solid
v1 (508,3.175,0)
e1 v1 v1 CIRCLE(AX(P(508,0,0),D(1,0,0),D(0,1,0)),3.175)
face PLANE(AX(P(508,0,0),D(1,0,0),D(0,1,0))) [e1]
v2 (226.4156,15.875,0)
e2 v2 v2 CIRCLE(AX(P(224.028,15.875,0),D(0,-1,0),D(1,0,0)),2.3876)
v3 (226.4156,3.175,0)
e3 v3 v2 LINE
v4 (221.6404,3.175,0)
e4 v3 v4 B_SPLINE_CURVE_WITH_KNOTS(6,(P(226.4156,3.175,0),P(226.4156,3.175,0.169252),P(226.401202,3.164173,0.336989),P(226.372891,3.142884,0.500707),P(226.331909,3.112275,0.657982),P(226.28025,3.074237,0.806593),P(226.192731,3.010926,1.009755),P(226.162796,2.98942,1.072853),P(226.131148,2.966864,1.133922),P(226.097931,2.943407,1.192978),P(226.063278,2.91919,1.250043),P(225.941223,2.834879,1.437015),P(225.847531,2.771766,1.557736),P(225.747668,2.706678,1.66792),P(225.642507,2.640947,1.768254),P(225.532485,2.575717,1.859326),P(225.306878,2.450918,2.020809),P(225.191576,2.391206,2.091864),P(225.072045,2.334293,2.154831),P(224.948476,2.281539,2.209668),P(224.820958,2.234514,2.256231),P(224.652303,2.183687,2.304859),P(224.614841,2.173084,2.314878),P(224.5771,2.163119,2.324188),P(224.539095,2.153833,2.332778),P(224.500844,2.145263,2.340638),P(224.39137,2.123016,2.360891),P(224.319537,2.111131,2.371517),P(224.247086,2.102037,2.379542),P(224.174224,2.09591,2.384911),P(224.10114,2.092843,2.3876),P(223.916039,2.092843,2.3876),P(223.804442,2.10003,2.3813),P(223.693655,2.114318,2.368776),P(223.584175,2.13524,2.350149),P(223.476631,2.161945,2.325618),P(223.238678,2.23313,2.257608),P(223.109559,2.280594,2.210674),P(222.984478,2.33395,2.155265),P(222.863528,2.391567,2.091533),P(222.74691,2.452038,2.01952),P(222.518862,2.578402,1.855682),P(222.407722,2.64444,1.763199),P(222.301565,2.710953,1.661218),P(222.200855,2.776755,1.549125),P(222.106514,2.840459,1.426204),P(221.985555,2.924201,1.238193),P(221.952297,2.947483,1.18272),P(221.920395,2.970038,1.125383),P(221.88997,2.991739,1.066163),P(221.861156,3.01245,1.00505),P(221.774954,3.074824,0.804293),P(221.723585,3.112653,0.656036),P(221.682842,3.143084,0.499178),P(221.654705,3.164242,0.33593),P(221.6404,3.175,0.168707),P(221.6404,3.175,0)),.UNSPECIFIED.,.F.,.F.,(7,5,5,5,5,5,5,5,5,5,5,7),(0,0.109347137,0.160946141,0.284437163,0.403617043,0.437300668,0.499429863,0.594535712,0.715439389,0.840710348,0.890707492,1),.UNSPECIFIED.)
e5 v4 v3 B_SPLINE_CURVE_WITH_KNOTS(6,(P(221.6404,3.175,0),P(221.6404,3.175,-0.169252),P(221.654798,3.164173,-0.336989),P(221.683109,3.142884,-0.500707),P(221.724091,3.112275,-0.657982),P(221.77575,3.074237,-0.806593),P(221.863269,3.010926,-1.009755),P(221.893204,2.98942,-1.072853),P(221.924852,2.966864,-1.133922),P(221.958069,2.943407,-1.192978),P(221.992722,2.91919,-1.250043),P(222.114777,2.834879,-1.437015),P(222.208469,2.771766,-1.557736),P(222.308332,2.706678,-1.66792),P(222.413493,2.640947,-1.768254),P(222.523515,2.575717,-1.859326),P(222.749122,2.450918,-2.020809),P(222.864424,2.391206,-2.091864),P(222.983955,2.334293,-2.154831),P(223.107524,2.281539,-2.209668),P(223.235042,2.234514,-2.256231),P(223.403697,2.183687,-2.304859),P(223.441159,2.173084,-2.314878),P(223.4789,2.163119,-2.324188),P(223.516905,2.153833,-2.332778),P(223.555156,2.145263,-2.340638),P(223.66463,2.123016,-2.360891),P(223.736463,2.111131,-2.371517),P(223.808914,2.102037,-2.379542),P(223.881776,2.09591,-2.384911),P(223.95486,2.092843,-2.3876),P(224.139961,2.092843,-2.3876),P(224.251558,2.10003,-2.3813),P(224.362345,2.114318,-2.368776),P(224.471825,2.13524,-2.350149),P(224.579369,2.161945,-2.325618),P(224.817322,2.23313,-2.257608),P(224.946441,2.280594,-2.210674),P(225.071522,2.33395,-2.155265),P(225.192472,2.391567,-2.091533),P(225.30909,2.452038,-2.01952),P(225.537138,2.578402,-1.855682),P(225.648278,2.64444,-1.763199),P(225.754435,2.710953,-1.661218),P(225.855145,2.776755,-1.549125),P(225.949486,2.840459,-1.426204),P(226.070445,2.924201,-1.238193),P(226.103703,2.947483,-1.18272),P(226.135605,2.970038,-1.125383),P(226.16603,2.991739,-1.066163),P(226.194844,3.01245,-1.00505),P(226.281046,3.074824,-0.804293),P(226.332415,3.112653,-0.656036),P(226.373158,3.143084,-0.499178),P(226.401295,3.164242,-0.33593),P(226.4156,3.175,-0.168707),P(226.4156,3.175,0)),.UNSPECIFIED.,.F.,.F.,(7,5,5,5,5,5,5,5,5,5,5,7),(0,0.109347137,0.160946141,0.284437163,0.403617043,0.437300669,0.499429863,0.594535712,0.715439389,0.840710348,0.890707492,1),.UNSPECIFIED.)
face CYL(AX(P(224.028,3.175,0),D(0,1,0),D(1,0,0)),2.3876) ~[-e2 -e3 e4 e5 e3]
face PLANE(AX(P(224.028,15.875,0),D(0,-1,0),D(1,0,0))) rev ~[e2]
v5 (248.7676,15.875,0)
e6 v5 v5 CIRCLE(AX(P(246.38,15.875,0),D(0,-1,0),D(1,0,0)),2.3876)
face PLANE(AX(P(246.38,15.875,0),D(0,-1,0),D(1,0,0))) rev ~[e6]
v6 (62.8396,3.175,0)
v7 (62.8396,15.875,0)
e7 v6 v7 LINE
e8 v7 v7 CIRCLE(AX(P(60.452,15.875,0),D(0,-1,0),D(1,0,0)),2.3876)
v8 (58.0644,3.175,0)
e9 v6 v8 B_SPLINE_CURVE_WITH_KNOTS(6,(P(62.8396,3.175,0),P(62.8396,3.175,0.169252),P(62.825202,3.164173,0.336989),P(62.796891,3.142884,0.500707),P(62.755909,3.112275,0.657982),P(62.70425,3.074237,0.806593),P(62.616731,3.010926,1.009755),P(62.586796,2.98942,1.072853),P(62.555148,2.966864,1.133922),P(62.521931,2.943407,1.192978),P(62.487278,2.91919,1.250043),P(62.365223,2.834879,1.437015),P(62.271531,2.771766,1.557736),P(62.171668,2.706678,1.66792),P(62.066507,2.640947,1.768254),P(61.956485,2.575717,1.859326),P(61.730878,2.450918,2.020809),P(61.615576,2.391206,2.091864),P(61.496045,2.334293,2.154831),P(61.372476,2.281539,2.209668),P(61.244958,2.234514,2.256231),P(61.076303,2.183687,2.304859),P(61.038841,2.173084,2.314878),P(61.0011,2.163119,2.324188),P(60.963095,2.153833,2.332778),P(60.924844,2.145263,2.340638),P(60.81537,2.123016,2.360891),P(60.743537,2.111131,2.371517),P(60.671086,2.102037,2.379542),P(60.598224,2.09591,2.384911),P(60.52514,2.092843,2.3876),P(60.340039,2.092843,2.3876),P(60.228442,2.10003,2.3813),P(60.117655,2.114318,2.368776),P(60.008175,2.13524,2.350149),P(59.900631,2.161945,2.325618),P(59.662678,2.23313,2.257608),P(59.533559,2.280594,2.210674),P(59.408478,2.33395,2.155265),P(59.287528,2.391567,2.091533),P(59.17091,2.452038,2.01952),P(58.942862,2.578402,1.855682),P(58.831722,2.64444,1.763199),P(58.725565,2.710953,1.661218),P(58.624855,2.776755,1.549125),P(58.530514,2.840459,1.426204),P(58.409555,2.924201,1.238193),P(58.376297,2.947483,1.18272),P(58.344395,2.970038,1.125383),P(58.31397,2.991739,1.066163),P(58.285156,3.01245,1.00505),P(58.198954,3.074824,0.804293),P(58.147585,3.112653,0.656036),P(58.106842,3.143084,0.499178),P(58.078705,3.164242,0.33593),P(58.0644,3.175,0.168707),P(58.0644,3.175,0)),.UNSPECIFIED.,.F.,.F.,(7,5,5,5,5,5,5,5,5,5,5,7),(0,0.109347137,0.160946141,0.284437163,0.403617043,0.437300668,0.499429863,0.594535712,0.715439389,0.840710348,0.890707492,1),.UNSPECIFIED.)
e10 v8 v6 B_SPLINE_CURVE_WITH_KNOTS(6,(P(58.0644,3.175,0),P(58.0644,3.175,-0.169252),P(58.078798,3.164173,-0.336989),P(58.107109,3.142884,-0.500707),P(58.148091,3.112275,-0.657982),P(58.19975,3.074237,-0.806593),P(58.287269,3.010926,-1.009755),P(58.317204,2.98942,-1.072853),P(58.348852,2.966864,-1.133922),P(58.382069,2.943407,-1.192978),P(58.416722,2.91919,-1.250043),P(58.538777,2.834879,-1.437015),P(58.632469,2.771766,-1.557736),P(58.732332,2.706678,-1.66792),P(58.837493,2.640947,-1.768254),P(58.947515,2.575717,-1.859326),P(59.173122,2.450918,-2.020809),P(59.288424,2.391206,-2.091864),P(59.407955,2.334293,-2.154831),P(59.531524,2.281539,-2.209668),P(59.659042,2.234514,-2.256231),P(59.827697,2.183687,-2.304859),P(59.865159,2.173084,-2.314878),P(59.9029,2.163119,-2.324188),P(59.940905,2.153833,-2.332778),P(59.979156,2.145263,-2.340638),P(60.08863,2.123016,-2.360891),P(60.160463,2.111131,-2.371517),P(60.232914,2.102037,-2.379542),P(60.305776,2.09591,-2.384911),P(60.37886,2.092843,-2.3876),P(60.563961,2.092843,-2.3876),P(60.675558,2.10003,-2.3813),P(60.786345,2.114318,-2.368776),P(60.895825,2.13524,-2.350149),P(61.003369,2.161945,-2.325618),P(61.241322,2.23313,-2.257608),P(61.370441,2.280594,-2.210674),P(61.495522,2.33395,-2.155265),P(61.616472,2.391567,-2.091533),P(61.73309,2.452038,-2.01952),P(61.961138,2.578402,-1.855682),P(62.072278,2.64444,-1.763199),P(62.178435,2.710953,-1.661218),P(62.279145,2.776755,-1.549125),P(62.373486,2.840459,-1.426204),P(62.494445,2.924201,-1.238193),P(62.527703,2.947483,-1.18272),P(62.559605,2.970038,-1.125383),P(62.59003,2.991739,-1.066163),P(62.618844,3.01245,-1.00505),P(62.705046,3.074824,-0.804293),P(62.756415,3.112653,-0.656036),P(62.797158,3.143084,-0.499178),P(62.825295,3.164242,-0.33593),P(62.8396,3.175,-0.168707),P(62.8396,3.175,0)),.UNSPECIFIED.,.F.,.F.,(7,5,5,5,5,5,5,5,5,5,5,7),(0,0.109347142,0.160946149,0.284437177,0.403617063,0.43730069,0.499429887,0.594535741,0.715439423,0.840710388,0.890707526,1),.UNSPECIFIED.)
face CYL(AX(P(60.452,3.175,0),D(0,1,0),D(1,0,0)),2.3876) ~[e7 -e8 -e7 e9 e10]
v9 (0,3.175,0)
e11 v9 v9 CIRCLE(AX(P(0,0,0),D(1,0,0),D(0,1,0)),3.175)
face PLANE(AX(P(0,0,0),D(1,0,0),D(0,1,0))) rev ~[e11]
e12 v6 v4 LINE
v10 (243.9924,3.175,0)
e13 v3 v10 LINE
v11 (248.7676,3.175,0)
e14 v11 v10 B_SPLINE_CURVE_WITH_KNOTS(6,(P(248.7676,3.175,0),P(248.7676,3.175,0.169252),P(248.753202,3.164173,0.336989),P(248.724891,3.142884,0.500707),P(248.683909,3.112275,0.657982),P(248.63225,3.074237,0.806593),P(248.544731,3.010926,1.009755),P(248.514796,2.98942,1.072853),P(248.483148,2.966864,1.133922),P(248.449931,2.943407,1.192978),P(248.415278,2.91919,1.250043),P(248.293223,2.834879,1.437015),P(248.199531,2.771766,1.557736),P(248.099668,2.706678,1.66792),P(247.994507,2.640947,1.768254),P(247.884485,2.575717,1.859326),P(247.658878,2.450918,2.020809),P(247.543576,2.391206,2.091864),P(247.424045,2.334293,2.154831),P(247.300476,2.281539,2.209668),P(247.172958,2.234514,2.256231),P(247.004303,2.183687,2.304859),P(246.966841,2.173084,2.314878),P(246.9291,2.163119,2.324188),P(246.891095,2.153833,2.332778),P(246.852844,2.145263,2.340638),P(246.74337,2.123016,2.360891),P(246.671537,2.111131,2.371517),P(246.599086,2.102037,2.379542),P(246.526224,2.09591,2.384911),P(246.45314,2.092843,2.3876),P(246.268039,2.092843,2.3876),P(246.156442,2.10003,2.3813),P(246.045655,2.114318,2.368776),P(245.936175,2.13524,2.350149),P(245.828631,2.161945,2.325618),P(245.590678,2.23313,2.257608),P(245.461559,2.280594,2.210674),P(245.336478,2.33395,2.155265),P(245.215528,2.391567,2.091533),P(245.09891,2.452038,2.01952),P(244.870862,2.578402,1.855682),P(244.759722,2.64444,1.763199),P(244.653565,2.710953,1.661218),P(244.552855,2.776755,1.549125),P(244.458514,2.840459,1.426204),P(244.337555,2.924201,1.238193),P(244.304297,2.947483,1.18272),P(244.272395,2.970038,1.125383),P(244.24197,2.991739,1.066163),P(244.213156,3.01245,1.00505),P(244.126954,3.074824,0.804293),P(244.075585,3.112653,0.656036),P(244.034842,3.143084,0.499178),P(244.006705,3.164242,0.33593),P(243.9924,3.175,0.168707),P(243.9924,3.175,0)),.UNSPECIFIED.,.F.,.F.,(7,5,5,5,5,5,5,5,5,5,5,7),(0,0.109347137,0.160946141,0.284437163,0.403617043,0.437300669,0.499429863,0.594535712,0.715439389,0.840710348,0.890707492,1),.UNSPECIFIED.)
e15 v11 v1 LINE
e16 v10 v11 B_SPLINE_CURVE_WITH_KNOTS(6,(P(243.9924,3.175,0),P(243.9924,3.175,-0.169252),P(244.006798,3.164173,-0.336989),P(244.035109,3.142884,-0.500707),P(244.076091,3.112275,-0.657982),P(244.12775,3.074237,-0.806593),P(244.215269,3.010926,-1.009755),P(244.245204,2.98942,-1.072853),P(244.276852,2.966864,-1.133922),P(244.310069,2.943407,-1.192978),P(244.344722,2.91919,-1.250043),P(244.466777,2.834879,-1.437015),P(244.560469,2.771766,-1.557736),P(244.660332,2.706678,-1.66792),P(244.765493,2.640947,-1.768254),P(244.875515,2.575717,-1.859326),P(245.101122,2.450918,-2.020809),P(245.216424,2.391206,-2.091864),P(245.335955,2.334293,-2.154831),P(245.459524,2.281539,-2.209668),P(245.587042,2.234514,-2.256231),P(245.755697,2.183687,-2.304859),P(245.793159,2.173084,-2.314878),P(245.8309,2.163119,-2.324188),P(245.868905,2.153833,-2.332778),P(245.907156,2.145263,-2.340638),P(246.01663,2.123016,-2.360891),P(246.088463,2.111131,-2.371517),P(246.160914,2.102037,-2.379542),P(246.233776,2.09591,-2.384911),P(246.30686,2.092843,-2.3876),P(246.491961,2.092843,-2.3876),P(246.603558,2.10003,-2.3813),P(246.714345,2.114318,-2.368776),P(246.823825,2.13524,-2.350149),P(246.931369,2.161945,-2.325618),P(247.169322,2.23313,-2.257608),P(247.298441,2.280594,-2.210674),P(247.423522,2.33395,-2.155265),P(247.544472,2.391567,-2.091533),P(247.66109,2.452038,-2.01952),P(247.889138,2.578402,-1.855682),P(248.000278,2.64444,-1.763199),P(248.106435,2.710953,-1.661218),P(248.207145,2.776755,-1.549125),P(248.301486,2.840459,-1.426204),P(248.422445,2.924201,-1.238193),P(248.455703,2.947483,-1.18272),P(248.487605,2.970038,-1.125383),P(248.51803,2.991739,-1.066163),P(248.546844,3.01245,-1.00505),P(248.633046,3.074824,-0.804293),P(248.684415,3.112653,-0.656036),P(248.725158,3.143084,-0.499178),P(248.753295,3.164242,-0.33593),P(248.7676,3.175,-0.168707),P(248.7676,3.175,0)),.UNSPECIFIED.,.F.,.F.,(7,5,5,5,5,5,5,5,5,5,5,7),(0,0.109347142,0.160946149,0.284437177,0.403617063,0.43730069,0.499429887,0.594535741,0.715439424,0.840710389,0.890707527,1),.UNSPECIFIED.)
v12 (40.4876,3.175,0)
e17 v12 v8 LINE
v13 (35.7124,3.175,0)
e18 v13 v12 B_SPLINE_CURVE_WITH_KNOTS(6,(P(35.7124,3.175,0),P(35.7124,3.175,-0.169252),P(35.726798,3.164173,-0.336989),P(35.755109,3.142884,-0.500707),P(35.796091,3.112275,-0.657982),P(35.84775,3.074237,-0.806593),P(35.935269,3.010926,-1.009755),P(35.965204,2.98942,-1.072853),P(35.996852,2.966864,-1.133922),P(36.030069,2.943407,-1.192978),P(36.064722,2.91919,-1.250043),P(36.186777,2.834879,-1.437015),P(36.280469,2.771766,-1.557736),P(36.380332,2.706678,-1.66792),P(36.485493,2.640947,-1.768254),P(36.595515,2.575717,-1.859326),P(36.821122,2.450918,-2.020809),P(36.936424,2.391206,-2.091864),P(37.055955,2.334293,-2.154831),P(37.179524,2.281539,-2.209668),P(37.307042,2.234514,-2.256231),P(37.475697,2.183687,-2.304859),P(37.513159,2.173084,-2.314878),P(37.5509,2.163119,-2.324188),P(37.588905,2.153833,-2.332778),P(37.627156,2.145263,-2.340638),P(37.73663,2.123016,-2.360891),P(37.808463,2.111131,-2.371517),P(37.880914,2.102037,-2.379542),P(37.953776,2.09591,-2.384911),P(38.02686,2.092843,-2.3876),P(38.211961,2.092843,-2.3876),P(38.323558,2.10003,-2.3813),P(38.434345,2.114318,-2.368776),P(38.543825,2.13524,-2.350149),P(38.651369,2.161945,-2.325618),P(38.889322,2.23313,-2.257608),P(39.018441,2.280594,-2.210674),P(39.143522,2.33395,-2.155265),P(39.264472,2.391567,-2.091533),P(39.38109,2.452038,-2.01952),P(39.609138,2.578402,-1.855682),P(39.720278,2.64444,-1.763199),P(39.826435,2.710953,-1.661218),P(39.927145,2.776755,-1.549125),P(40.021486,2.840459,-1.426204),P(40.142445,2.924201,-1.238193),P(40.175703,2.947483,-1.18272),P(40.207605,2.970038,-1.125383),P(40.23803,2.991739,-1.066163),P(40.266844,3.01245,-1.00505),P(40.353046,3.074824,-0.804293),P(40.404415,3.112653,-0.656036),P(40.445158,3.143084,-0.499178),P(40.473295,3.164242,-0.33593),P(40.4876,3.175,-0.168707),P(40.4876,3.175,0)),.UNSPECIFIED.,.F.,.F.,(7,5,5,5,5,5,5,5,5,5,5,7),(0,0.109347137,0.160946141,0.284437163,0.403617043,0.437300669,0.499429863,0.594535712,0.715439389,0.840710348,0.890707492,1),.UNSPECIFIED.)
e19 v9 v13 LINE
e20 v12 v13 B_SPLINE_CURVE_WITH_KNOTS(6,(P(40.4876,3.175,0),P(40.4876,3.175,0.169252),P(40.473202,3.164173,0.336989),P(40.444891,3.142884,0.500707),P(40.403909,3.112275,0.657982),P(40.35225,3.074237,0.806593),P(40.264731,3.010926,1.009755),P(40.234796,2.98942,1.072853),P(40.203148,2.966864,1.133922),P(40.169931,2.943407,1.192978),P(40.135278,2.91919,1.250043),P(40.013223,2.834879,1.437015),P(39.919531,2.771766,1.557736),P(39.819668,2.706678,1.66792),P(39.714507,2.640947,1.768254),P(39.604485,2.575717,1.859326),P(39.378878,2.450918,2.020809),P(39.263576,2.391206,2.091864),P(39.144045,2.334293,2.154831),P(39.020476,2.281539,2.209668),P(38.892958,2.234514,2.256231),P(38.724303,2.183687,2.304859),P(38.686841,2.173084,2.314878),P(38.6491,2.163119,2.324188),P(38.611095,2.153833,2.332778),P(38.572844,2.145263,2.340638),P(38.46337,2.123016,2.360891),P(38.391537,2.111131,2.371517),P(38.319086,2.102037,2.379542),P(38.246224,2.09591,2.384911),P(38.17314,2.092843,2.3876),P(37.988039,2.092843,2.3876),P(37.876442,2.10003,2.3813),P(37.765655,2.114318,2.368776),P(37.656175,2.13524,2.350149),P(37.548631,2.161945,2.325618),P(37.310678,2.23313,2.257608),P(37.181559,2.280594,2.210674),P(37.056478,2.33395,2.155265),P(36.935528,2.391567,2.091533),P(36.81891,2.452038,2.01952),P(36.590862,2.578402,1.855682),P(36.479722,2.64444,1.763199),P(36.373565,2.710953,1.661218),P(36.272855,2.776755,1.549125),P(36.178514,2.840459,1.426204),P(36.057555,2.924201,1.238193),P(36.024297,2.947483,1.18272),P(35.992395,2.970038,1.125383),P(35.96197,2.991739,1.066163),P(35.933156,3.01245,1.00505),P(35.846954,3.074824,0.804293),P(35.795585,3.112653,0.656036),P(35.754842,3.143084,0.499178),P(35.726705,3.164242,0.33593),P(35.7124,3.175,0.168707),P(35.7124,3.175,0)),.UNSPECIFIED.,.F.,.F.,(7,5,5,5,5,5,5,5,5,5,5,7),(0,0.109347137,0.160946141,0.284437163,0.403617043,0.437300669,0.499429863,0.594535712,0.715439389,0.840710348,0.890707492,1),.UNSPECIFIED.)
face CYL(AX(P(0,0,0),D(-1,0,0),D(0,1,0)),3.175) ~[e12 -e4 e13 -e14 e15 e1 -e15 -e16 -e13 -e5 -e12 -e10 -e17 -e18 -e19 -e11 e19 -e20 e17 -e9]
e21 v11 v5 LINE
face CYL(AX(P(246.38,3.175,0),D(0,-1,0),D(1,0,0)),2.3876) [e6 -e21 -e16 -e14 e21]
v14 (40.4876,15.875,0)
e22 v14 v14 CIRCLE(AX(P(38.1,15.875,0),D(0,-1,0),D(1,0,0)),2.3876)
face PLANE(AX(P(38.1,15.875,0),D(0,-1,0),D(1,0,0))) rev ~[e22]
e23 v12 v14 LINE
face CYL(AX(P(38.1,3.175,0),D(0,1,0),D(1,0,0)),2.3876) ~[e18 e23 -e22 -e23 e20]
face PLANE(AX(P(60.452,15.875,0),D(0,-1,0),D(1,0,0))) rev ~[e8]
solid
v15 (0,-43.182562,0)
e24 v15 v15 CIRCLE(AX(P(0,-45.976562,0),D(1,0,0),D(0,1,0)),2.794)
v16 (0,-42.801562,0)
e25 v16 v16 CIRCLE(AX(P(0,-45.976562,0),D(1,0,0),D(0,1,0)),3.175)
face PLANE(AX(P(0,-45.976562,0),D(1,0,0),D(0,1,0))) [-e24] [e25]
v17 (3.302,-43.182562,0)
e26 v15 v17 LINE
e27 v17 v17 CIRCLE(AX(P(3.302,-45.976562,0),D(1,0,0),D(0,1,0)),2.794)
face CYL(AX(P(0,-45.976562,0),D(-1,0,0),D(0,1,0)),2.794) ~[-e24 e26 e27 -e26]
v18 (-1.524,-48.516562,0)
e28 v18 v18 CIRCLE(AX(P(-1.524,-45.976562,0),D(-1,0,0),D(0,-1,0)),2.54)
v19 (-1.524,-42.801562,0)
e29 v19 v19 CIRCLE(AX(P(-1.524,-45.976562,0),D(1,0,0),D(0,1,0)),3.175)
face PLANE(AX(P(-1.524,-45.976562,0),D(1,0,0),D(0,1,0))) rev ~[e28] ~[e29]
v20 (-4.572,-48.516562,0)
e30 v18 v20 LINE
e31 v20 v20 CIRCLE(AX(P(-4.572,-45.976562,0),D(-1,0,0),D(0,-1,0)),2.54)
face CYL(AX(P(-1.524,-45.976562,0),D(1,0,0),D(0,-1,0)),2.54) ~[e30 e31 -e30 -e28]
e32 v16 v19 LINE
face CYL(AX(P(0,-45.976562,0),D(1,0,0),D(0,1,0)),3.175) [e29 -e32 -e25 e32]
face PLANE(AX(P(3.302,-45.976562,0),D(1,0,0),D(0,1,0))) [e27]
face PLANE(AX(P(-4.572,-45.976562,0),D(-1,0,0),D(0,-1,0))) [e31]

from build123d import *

# Parameters (mm, degrees)
F0_R          = 3.175
F1_DEPTH      = 508
F3_R          = 2.3876
F4_DEPTH      = 2.54
F4_DEPTH_BACK = 12.7
F5_R          = 3.175
F6_DEPTH      = 1.524
F7_R          = 2.794
F8_DEPTH      = 3.302
F9_R          = 2.54
F10_DEPTH     = 3.048


with BuildPart() as f1:
    # F0 (on Right) → F1 (new body)
    with BuildSketch(Plane.YZ):
        Circle(F0_R)
    extrude(amount=F1_DEPTH)

    # F3 (on offset) → F4 (join, two sides)
    with BuildSketch(Plane.XZ.offset(-3.175)) as f4_sk:
        with Locations((246.38, 0)):
            Circle(F3_R)
        with Locations((224.028, 0)):
            Circle(F3_R)
        with Locations((60.452, 0)):
            Circle(F3_R)
        with Locations((38.1, 0)):
            Circle(F3_R)
    extrude(amount=F4_DEPTH)
    extrude(f4_sk.sketch, amount=-F4_DEPTH_BACK)


with BuildPart() as f6:
    # F5 (on Right) → F6 (new body)
    with BuildSketch(Plane.YZ):
        with Locations((-45.976562, 0)):
            Circle(F5_R)
    extrude(amount=-F6_DEPTH)

    # F7 (on face) → F8 (join)
    with BuildSketch(Plane.YZ):
        with Locations((-45.976562, 0)):
            Circle(F7_R)
    extrude(amount=F8_DEPTH)

    # F9 (on face) → F10 (join)
    with BuildSketch(Plane(origin=(-1.524, 0, 0), x_dir=(0, -1, 0), z_dir=(-1, 0, 0))):
        with Locations((45.976562, 0)):
            Circle(F9_R)
    extrude(amount=F10_DEPTH)


solid = Compound([f1.part, f6.part])
